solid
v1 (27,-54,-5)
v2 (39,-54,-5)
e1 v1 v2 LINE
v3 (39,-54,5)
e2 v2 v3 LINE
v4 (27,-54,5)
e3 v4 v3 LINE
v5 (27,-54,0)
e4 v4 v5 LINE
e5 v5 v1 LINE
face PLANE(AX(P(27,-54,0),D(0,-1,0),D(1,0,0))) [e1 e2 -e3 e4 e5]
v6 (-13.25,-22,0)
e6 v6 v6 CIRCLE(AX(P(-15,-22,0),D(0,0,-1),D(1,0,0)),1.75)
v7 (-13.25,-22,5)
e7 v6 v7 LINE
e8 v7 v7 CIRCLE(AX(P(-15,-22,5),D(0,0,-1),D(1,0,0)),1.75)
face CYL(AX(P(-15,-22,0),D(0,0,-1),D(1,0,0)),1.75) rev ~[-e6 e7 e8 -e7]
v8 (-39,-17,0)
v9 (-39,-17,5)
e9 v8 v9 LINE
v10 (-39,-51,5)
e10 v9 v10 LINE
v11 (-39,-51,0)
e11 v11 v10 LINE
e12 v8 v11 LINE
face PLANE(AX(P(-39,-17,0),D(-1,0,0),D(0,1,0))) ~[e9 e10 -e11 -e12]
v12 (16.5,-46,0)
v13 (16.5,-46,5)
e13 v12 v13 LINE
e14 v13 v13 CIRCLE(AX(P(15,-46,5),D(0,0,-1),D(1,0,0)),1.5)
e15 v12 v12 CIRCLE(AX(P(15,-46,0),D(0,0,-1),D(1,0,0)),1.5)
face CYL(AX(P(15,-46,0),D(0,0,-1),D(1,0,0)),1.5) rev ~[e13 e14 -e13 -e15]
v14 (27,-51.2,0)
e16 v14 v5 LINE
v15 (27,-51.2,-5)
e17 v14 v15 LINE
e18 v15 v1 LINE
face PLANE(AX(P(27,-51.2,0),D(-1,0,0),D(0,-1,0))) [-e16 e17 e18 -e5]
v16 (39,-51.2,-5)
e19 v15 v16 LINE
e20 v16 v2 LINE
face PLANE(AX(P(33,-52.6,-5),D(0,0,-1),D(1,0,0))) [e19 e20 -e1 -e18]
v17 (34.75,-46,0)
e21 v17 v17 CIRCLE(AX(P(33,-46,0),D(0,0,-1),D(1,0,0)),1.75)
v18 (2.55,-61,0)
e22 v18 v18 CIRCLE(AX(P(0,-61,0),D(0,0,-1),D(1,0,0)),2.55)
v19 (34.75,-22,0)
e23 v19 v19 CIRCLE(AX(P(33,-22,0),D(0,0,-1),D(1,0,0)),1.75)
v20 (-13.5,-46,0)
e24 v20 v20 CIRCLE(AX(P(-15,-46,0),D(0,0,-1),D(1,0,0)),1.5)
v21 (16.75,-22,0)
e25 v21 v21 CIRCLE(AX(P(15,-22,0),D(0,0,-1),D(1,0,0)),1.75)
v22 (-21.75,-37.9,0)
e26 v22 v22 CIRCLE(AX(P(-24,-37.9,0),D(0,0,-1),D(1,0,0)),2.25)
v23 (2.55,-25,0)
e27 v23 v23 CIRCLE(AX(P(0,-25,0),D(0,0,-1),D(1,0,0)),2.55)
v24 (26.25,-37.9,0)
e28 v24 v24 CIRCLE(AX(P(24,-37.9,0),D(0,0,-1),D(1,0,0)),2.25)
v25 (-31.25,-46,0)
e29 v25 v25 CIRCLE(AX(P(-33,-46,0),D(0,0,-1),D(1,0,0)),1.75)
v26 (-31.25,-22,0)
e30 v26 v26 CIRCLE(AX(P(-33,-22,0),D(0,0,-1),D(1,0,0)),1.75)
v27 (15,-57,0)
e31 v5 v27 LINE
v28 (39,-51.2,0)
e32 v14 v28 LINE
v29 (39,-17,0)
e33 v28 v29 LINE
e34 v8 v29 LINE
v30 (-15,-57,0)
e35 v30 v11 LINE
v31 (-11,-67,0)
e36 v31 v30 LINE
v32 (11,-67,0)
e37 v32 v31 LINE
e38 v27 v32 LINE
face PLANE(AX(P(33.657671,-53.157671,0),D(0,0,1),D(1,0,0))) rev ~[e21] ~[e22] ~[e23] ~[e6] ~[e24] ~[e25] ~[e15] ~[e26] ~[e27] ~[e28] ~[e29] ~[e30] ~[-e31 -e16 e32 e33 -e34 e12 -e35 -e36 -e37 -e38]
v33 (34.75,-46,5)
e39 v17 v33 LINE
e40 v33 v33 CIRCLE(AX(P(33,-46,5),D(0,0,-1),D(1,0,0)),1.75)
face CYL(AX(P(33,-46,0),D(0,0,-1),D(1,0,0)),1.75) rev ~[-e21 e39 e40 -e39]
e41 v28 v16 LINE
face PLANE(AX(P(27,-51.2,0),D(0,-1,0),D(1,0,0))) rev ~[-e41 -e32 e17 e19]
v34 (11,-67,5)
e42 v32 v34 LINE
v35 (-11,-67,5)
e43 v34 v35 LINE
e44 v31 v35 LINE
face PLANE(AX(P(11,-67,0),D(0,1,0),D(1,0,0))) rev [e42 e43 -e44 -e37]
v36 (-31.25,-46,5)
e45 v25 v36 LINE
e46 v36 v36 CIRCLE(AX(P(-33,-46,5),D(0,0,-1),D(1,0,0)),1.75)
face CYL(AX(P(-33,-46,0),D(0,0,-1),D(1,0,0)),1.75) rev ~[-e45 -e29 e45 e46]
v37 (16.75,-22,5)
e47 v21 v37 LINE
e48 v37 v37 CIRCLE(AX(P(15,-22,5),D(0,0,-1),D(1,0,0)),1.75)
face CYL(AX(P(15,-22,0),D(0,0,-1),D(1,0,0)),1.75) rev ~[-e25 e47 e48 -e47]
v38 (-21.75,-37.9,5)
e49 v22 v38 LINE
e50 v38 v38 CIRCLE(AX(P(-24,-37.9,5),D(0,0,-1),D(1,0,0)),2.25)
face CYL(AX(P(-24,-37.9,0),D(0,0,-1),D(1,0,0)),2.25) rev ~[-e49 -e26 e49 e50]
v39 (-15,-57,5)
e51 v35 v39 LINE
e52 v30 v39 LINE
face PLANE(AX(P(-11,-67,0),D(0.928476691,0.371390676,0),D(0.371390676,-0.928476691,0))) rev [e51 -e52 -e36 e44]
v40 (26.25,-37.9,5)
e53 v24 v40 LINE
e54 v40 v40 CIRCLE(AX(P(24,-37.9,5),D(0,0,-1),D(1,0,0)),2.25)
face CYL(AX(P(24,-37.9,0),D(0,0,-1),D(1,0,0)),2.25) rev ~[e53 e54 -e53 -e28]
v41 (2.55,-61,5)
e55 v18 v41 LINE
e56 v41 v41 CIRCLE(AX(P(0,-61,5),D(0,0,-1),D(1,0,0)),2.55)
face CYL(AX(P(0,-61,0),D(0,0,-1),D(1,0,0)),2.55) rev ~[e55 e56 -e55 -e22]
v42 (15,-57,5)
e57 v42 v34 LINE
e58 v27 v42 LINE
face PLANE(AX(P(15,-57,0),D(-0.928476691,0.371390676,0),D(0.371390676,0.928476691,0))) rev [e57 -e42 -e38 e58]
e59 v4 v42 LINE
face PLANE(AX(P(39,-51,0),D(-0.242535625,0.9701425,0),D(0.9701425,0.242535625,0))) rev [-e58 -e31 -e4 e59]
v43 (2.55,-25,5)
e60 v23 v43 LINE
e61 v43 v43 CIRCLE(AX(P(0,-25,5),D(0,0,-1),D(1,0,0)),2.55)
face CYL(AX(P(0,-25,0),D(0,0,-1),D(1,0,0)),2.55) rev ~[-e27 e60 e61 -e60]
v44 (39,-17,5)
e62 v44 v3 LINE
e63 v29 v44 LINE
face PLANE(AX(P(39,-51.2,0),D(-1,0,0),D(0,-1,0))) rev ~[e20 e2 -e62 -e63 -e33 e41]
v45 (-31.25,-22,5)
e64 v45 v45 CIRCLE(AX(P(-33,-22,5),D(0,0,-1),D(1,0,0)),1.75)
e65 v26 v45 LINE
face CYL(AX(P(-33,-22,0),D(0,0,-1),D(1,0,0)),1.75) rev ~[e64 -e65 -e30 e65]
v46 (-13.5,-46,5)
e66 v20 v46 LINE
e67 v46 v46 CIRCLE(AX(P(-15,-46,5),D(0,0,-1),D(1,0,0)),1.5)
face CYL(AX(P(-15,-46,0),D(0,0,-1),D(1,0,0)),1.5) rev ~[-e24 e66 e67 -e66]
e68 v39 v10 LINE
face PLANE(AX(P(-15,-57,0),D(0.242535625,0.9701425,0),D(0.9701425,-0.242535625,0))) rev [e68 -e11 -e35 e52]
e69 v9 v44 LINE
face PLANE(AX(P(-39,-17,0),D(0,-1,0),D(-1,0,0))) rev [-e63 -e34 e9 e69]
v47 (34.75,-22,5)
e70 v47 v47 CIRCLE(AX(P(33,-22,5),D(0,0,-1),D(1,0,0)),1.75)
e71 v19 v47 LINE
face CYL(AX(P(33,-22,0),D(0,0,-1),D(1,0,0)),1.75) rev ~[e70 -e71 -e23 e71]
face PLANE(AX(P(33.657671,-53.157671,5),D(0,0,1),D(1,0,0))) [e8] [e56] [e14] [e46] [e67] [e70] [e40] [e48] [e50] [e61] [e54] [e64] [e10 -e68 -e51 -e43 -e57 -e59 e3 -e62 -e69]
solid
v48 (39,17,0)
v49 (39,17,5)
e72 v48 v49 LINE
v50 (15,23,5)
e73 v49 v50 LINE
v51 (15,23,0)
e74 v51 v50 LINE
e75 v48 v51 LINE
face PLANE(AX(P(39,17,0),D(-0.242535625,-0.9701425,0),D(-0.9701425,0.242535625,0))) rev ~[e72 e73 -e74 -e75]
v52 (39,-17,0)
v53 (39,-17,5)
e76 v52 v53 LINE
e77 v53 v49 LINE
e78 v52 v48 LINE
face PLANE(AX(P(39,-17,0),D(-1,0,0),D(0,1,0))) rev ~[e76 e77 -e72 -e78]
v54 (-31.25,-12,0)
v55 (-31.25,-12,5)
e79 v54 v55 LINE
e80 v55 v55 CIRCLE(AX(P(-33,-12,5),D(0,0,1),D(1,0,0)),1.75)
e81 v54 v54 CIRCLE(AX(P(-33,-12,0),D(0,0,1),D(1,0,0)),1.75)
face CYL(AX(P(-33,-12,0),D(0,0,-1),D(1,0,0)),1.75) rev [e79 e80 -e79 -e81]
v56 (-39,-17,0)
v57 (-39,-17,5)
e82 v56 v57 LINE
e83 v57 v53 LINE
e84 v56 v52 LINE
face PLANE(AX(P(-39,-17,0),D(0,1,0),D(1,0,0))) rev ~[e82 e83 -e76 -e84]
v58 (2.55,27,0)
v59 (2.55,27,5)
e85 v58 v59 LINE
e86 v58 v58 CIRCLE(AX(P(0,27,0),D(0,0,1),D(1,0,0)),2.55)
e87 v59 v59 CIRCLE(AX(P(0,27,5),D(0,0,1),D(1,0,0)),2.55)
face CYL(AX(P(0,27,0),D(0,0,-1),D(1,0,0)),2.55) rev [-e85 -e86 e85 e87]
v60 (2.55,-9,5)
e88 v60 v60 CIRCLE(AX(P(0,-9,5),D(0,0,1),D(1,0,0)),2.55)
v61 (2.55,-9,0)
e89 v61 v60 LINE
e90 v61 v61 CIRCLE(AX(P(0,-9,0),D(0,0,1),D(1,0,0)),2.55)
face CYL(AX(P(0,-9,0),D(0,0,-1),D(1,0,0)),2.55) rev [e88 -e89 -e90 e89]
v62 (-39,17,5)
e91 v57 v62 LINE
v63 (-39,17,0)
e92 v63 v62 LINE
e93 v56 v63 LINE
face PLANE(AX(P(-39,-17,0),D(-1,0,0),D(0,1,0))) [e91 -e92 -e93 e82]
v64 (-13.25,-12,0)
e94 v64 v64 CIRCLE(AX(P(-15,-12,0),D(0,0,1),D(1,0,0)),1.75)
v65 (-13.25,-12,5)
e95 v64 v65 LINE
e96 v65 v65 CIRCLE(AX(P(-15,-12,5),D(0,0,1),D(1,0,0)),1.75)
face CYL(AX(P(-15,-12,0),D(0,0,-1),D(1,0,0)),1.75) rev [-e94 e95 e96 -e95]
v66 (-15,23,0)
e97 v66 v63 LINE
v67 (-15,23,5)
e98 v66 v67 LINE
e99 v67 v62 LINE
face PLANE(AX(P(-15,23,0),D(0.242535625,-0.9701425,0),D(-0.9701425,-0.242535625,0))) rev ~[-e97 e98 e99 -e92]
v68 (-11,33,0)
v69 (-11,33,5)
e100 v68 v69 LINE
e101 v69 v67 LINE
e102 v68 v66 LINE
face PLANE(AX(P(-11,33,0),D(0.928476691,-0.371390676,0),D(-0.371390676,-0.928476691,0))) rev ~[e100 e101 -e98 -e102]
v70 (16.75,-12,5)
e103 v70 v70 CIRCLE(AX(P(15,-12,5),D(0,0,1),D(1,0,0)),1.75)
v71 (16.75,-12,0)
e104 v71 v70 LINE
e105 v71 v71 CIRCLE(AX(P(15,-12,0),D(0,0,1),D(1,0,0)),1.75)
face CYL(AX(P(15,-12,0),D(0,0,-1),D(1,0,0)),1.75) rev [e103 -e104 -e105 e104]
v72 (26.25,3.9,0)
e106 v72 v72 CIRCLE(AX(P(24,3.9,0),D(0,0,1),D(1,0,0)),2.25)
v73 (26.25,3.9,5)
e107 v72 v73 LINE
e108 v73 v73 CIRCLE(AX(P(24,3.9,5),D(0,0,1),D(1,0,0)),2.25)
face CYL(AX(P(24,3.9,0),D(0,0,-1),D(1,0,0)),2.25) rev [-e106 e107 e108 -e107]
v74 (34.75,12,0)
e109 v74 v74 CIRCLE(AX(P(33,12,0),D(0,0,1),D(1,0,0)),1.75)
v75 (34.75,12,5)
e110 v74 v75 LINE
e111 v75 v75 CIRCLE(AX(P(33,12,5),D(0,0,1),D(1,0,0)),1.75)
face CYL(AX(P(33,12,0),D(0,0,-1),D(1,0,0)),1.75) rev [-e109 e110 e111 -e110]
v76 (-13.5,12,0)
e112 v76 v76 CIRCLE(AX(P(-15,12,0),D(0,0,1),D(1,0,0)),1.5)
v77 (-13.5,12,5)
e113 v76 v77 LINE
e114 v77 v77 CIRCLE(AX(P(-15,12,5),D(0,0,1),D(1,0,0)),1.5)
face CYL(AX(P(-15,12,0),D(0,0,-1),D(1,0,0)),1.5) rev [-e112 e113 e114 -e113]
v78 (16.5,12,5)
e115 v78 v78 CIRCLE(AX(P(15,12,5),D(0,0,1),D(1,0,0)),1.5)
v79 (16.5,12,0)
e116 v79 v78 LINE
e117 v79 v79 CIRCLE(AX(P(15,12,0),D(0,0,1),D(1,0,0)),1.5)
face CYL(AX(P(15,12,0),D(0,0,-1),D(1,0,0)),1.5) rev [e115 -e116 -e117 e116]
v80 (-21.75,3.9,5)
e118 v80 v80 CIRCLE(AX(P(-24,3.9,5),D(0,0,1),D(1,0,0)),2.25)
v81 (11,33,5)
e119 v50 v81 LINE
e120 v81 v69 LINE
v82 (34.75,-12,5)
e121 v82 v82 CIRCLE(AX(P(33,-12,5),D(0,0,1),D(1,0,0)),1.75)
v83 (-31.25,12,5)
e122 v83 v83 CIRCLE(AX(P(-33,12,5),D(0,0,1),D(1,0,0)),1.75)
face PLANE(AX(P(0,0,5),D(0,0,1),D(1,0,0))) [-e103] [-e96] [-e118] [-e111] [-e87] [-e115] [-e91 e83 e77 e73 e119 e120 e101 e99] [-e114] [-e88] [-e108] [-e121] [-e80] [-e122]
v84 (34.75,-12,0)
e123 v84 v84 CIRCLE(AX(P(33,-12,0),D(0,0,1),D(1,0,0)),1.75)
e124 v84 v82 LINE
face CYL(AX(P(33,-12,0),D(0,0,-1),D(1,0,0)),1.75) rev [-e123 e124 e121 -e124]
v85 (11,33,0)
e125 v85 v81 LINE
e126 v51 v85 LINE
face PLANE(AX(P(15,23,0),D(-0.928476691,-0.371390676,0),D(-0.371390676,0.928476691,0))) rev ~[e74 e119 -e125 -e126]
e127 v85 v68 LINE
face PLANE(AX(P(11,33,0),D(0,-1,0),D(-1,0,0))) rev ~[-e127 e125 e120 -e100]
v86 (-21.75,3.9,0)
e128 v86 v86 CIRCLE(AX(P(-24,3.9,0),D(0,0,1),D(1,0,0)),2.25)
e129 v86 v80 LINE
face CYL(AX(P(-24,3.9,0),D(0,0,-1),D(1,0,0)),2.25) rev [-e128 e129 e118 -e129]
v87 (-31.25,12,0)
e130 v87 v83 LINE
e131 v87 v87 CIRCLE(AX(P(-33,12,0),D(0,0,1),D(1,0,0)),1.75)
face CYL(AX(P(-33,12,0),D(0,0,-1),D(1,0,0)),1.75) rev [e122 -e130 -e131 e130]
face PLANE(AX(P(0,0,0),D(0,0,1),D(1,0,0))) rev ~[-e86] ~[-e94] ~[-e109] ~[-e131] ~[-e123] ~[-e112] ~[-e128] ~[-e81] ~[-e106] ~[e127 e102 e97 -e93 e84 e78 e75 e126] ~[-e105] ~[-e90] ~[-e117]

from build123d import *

# Parameters (mm, degrees)
F0_W     = 78
F0_H     = 34
F0_R     = 1.75
F0_R_2   = 2.25
F0_R_3   = 2.55
F0_R_4   = 1.5
F1_DEPTH = 5
F4_DEPTH = 5
F5_W     = 12
F5_H     = 2.8
F6_DEPTH = 5


with BuildPart() as f1:
    # F0 (on Top) → F1 (new body)
    with BuildSketch(Plane.XY):
        Rectangle(F0_W, F0_H)
        with Locations((-33, -12)):
            Circle(F0_R, mode=Mode.SUBTRACT)
        with Locations((-15, -12)):
            Circle(F0_R, mode=Mode.SUBTRACT)
        with Locations((-24, 3.9)):
            Circle(F0_R_2, mode=Mode.SUBTRACT)
        with Locations((15, -12)):
            Circle(F0_R, mode=Mode.SUBTRACT)
        with Locations((0, -9)):
            Circle(F0_R_3, mode=Mode.SUBTRACT)
        with Locations((33, -12)):
            Circle(F0_R, mode=Mode.SUBTRACT)
        with Locations((24, 3.9)):
            Circle(F0_R_2, mode=Mode.SUBTRACT)
        with Locations((-33, 12)):
            Circle(F0_R, mode=Mode.SUBTRACT)
        with Locations((-15, 12)):
            Circle(F0_R_4, mode=Mode.SUBTRACT)
        with Locations((15, 12)):
            Circle(F0_R_4, mode=Mode.SUBTRACT)
        with Locations((33, 12)):
            Circle(F0_R, mode=Mode.SUBTRACT)
        Polygon((-39, 17), (39, 17), (15, 23), (11, 33), (-11, 33), (-15, 23), align=None)
        with Locations((0, 27)):
            Circle(F0_R_3, mode=Mode.SUBTRACT)
    extrude(amount=F1_DEPTH)


with BuildPart() as f2_1:
    # F2: instance of F1
    add(f1.part.mirror(Plane(origin=(0, -17, 2.5), x_dir=(1, 0, 0), z_dir=(0, -1, 0))))

    # F3 (on face) → F4 (join, through all)
    with BuildSketch(Plane.XY.offset(5)):
        Polygon((39, -51), (27, -54), (39, -54), align=None)
    extrude(amount=-F4_DEPTH)

    # F5 (on face) → F6 (join)
    with BuildSketch(Plane(origin=(0, 0, 0), x_dir=(1, 0, 0), z_dir=(0, 0, -1))):
        with Locations((33, 52.6)):
            Rectangle(F5_W, F5_H)
    extrude(amount=F6_DEPTH)


solid = Compound([f1.part, f2_1.part])
